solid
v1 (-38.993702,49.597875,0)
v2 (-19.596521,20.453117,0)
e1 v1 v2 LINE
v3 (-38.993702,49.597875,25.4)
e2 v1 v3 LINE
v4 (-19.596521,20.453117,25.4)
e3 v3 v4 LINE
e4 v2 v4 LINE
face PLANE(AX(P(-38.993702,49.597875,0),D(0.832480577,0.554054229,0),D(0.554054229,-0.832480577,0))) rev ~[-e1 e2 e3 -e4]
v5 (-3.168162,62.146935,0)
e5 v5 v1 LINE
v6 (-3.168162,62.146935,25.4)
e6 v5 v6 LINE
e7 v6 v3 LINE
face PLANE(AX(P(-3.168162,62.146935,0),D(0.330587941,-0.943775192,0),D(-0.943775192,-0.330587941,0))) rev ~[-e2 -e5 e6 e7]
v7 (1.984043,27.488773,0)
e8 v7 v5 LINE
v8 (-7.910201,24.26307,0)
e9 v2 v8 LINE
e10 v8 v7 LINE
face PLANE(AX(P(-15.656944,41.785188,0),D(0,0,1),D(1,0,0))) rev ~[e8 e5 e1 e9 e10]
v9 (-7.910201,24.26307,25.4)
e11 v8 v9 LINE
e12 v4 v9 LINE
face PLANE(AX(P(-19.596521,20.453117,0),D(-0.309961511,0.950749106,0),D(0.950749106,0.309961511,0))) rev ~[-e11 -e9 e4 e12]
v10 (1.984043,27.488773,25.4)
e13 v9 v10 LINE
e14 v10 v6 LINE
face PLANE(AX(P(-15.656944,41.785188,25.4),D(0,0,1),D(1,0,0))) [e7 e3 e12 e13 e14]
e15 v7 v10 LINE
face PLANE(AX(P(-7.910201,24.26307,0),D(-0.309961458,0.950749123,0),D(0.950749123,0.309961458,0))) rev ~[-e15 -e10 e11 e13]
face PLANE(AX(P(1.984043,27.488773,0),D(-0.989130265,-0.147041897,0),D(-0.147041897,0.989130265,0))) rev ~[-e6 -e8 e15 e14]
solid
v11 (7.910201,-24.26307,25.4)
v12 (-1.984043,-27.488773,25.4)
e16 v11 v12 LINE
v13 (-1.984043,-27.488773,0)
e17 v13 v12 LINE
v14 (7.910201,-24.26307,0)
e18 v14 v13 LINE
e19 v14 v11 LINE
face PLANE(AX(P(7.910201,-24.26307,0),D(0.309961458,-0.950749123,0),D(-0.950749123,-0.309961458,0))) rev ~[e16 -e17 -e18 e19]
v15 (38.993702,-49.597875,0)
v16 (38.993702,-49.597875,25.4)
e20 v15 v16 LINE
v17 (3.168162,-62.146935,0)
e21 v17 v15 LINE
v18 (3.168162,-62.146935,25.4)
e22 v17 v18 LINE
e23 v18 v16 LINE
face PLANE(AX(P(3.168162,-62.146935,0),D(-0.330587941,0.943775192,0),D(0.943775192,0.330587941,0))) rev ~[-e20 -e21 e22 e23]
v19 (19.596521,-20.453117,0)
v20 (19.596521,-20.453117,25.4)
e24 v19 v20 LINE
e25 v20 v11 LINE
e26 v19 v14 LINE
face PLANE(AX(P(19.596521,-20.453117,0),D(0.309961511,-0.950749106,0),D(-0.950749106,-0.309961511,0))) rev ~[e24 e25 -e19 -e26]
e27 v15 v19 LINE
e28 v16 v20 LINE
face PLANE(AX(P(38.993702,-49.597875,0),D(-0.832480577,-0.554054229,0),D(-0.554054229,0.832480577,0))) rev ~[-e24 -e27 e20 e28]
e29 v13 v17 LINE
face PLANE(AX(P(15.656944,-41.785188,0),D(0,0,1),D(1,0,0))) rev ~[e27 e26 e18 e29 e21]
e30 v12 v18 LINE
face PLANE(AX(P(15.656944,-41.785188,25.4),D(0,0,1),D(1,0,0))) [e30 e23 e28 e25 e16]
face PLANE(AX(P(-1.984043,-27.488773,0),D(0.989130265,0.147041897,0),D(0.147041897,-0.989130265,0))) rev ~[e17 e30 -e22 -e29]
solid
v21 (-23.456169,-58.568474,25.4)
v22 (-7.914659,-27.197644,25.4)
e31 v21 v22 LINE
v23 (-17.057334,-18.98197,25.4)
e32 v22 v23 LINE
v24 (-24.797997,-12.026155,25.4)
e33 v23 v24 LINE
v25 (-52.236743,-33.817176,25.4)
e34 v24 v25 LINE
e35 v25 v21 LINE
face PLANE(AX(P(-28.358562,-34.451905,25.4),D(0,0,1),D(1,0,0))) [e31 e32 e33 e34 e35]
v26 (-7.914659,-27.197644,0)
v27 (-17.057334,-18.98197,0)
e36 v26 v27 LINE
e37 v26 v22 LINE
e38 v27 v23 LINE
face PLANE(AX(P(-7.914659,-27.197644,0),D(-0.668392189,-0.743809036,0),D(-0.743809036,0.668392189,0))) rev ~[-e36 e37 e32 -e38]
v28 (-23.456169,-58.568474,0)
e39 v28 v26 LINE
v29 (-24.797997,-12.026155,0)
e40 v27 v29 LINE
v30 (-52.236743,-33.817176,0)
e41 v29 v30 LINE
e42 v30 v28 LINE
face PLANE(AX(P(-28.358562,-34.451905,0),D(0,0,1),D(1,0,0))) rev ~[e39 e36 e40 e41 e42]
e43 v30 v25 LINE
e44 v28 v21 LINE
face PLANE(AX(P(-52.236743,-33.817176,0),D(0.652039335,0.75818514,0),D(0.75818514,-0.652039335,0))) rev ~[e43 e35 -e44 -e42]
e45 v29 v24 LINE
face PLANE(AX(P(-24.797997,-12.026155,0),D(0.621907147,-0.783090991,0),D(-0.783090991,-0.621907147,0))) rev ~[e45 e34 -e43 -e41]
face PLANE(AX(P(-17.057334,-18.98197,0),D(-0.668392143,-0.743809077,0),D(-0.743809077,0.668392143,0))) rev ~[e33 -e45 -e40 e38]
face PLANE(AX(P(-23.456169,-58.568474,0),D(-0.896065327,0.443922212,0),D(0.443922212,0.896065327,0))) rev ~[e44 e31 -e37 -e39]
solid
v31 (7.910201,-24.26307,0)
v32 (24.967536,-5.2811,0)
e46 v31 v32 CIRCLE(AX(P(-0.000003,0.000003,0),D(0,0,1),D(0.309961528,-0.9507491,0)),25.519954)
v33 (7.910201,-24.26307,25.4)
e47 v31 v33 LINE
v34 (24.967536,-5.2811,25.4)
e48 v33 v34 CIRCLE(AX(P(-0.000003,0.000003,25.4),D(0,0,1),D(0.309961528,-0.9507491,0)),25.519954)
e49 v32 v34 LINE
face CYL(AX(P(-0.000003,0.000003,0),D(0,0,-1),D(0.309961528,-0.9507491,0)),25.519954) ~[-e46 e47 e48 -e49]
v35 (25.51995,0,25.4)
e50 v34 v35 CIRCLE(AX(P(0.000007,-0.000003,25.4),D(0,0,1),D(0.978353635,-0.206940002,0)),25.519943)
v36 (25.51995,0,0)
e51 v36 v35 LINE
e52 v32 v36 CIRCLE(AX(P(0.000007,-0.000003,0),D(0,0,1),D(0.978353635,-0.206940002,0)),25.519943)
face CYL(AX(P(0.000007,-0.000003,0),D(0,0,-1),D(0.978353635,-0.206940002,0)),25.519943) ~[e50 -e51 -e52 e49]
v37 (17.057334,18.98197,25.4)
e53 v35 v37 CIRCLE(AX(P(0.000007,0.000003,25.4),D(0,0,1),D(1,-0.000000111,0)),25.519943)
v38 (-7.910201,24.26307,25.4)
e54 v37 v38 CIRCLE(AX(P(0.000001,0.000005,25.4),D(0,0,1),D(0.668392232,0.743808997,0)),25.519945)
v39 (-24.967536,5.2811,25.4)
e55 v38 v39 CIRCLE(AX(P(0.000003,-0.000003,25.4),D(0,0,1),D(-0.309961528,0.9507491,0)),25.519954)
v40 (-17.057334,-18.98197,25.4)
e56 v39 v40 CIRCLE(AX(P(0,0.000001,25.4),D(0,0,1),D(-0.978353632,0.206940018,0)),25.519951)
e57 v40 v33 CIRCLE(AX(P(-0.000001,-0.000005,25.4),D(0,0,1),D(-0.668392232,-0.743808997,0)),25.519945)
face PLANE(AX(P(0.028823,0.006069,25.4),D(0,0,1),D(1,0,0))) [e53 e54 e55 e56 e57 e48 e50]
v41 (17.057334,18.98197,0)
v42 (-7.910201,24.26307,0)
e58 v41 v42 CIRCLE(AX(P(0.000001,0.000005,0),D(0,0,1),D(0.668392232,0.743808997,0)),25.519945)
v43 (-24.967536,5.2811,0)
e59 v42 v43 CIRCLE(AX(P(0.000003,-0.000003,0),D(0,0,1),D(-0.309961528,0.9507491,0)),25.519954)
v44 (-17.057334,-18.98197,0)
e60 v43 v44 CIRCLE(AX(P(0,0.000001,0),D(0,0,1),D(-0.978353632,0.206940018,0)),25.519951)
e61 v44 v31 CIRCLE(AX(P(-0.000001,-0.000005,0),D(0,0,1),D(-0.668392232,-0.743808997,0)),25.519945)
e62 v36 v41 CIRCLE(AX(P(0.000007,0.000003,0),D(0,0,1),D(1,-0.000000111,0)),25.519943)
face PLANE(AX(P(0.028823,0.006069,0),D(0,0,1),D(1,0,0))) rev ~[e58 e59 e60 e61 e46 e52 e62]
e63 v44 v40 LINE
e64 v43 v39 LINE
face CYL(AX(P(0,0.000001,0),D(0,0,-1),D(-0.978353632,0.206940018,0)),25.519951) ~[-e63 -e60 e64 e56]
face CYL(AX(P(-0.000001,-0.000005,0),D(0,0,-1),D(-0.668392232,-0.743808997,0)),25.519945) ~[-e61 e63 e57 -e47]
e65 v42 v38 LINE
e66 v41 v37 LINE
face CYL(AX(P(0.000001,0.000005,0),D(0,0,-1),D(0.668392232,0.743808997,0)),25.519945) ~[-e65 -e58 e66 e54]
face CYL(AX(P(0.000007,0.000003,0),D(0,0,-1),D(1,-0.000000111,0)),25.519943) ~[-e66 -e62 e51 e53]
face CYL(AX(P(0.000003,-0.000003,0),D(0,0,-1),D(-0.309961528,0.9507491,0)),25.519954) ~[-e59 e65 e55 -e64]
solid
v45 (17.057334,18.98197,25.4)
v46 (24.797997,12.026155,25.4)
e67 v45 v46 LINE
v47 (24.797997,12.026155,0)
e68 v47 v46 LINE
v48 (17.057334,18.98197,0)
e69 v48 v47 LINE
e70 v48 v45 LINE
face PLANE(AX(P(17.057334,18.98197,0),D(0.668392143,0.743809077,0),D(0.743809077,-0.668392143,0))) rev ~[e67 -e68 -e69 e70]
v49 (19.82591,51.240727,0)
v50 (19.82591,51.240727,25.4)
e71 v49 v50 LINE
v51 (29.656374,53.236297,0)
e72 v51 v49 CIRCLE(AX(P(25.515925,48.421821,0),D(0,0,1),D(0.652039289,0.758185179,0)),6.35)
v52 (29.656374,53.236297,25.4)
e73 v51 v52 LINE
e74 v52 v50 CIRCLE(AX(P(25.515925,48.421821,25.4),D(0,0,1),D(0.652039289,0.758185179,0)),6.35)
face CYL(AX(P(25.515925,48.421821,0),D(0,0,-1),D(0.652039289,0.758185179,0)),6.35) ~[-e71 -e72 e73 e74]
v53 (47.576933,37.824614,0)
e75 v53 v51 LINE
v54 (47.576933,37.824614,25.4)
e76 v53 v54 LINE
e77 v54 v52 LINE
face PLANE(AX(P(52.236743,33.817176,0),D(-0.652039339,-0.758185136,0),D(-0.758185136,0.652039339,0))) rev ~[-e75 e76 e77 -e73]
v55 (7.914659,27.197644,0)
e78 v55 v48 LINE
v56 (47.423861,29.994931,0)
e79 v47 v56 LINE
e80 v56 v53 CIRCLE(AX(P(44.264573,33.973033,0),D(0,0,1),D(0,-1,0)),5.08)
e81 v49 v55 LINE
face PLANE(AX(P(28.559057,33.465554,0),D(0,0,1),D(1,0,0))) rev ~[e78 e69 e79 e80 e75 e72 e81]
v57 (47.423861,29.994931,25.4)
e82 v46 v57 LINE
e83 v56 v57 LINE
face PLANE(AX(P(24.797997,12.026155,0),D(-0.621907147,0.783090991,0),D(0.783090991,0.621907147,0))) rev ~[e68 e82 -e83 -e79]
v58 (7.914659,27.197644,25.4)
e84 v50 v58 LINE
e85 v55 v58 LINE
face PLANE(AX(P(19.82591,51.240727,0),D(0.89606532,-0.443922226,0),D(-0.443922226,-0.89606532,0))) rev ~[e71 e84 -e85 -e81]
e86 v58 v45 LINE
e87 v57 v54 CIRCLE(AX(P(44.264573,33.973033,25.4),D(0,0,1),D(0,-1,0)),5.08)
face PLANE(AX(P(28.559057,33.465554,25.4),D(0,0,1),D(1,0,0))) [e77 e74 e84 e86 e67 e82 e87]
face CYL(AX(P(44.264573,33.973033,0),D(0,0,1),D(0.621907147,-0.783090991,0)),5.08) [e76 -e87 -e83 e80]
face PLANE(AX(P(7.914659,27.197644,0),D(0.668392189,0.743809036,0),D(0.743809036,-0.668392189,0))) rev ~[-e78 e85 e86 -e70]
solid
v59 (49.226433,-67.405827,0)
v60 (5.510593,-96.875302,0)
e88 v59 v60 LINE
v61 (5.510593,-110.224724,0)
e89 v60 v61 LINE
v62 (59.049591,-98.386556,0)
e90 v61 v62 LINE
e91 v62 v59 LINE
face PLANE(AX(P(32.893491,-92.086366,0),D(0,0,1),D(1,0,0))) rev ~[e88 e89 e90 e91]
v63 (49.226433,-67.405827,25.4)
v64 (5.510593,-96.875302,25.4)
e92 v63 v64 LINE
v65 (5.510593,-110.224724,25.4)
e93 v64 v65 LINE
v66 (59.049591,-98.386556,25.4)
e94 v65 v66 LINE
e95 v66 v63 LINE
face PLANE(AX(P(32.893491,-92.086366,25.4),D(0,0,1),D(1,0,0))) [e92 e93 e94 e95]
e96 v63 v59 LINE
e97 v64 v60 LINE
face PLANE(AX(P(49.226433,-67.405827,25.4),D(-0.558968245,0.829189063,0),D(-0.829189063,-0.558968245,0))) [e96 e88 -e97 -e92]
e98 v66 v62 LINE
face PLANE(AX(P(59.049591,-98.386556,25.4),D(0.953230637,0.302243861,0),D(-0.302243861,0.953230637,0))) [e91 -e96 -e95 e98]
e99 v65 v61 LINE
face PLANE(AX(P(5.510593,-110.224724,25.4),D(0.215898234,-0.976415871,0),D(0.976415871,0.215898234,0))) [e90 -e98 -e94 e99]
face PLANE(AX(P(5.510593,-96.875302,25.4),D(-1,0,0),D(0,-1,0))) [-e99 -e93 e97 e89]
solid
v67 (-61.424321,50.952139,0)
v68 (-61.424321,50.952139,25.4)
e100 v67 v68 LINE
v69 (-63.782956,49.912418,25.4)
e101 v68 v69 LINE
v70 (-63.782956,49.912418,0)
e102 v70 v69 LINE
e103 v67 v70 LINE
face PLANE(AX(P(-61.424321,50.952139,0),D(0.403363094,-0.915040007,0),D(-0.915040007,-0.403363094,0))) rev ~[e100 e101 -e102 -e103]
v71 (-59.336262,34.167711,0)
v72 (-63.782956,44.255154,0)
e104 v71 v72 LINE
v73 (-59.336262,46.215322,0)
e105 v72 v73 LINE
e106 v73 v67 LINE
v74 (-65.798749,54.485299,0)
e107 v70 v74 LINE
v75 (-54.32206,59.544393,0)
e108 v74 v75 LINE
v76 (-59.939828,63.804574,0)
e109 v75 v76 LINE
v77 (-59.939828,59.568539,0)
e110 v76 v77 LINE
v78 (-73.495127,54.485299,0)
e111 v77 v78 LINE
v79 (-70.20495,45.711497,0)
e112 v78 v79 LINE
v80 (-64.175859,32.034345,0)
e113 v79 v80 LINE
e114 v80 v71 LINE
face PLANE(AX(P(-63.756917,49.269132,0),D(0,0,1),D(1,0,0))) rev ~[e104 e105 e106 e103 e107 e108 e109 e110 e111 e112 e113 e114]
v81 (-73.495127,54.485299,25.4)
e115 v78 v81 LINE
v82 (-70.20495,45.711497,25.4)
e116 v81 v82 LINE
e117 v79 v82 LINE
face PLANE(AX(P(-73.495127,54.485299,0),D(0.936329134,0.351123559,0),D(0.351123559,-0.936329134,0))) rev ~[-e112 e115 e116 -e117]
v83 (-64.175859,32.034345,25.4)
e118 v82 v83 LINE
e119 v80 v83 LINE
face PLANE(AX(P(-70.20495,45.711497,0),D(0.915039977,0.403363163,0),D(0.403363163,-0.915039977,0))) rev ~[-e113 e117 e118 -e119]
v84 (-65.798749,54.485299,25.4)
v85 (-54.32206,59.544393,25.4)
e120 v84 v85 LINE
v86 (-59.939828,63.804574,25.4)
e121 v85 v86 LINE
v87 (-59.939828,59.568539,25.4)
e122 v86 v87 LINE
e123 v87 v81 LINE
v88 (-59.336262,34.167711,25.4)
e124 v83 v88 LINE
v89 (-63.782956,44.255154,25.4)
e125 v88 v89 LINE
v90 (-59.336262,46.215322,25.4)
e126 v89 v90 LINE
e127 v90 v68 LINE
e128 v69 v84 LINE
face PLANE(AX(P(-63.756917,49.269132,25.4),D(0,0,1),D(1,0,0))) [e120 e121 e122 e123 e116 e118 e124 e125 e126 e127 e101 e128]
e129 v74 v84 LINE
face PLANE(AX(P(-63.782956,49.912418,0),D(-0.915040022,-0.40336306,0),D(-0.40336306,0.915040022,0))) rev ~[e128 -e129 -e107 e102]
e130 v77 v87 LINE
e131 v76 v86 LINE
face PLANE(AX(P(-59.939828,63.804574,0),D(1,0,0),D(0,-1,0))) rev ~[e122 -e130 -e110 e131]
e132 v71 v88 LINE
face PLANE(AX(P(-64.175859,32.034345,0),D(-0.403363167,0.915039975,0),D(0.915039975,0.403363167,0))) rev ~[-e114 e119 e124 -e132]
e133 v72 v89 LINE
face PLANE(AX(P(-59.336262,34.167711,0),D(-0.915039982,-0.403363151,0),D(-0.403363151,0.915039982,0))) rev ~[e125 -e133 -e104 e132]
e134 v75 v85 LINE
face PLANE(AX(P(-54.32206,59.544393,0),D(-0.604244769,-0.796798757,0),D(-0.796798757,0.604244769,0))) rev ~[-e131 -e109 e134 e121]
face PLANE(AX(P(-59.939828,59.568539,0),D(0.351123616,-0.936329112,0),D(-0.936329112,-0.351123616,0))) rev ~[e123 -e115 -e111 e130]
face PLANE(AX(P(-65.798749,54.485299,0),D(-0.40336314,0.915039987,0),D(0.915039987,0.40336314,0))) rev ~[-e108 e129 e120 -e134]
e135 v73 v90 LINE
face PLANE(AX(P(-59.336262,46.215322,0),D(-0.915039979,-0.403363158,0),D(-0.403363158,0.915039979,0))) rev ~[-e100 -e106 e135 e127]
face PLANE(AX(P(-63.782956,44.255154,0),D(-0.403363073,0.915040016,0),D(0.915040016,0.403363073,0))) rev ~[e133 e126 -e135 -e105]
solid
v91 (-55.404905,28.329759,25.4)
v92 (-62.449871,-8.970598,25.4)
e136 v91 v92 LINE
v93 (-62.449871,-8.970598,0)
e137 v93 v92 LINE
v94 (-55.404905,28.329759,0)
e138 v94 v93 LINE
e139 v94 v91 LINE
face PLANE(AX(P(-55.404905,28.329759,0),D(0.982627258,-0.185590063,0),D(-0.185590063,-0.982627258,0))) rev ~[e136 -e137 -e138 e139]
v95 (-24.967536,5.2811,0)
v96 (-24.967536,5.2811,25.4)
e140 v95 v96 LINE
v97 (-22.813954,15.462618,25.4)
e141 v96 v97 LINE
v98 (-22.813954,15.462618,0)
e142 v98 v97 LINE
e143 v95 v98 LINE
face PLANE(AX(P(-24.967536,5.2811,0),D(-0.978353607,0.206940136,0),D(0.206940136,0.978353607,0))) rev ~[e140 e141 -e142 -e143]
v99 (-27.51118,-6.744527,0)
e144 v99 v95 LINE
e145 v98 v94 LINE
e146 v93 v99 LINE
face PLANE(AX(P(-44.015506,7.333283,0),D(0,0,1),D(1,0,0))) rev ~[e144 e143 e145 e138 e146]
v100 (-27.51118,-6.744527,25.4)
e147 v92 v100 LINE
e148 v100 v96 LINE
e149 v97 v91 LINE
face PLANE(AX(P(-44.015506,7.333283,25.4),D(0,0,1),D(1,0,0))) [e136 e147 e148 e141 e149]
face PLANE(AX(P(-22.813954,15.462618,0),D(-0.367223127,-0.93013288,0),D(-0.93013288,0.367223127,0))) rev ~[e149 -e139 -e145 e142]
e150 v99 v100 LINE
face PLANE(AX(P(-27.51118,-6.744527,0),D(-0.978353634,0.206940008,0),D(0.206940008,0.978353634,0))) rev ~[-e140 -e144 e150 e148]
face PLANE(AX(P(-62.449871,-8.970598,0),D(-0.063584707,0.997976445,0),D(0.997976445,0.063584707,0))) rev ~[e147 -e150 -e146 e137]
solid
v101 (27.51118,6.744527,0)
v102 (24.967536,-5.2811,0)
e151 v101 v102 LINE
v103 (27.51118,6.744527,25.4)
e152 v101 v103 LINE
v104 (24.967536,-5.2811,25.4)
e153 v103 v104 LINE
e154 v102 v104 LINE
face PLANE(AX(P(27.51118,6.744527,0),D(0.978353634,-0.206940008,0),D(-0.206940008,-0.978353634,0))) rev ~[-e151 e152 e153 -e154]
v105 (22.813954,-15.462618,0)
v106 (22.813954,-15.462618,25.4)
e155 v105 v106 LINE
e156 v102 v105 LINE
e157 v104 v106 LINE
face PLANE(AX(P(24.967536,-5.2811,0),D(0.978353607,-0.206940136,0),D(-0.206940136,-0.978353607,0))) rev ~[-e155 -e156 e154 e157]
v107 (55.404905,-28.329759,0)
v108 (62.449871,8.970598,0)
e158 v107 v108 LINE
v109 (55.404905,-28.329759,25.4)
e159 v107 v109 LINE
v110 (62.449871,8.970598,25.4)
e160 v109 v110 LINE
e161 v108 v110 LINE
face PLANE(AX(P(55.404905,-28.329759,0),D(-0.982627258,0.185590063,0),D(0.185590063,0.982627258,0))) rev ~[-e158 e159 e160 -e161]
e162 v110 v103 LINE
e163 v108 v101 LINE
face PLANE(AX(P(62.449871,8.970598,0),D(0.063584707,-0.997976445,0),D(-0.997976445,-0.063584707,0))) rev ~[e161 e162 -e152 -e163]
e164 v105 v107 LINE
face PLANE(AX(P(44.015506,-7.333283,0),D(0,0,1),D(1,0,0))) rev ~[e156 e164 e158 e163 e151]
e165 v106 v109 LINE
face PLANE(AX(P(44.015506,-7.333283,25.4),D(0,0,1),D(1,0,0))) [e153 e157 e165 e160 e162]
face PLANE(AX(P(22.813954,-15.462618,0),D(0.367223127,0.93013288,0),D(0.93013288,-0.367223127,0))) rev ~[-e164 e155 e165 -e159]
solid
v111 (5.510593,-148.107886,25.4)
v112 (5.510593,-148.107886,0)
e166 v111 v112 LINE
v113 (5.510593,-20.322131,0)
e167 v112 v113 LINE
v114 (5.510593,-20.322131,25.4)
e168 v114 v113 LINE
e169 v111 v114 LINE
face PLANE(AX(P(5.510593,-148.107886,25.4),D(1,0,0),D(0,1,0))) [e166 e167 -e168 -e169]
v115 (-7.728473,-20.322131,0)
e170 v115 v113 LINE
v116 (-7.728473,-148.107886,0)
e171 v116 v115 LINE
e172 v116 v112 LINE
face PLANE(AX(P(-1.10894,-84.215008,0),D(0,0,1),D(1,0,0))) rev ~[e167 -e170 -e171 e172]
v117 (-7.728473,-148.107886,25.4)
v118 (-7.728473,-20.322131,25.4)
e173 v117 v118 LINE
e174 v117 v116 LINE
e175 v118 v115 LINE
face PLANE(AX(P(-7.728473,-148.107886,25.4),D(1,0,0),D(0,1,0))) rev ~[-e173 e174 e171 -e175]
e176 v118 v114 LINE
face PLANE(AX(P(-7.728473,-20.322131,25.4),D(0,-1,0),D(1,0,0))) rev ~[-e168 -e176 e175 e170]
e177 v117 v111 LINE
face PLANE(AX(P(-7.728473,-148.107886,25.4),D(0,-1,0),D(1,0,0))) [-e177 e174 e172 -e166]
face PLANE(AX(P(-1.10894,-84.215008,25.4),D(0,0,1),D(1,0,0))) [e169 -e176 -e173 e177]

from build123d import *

# Parameters (mm, degrees)
F1_DEPTH = 25.4
F2_W     = 13.239067
F2_H     = 127.785755
F3_DEPTH = 25.4
F5_DEPTH = 25.4
F6_R     = 5.08
F8_DEPTH = 25.4


with BuildPart() as f1:
    # F0 (on Top) → F1 (new body)
    with BuildSketch(Plane.XY):
        with BuildLine():
            ThreePointArc((24.967536, -5.2811), (25.381471, -2.654956), (25.51995, 0))
            ThreePointArc((25.51995, 0), (23.308477, 10.391476), (17.057334, 18.98197))
            ThreePointArc((17.057334, 18.98197), (5.2811, 24.967536), (-7.910201, 24.26307))
            ThreePointArc((-7.910201, 24.26307), (-18.98197, 17.057334), (-24.967536, 5.2811))
            ThreePointArc((-24.967536, 5.2811), (-24.26307, -7.910201), (-17.057334, -18.98197))
            ThreePointArc((-17.057334, -18.98197), (-5.2811, -24.967536), (7.910201, -24.26307))
            ThreePointArc((7.910201, -24.26307), (18.98197, -17.057334), (24.967536, -5.2811))
        make_face()
        with BuildLine():
            Line((7.914659, 27.197644), (17.057334, 18.98197))
            Line((17.057334, 18.98197), (24.797997, 12.026155))
            Line((24.797997, 12.026155), (52.236743, 33.817176))
            Line((52.236743, 33.817176), (29.656374, 53.236297))
            ThreePointArc((29.656374, 53.236297), (24.25265, 54.644894), (19.82591, 51.240727))
            Line((19.82591, 51.240727), (7.914659, 27.197644))
        make_face()
        Polygon((-19.596521, 20.453117), (-7.910201, 24.26307), (1.984043, 27.488773), (-3.168162, 62.146935), (-38.993702, 49.597875), align=None)
        Polygon((-27.51118, -6.744527), (-24.967536, 5.2811), (-22.813954, 15.462618), (-55.404905, 28.329759), (-62.449871, -8.970598), align=None)
        Polygon((-7.914659, -27.197644), (-17.057334, -18.98197), (-24.797997, -12.026155), (-52.236743, -33.817176), (-23.456169, -58.568474), align=None)
        Polygon((19.596521, -20.453117), (7.910201, -24.26307), (-1.984043, -27.488773), (3.168162, -62.146935), (38.993702, -49.597875), align=None)
        Polygon((27.51118, 6.744527), (24.967536, -5.2811), (22.813954, -15.462618), (55.404905, -28.329759), (62.449871, 8.970598), align=None)
    extrude(amount=F1_DEPTH)

    # F6
    f6_edges = [f1.edges().sort_by_distance(p)[0] for p in [
        (52.236743, 33.817176, 12.7),
    ]]
    fillet(f6_edges, radius=F6_R)


with BuildPart() as f3:
    # F2 (on face) → F3 (new body)
    with BuildSketch(Plane.XY.offset(25.4)):
        with Locations((-1.10894, -84.215008)):
            Rectangle(F2_W, F2_H)
    extrude(amount=-F3_DEPTH)


with BuildPart() as f5:
    # F4 (on face) → F5 (new body)
    with BuildSketch(Plane.XY.offset(25.4)):
        Polygon((49.226433, -67.405827), (5.510593, -96.875302), (5.510593, -110.224724), (59.049591, -98.386556), align=None)
    extrude(amount=-F5_DEPTH)


with BuildPart() as f8:
    # F7 (on Top) → F8 (new body)
    with BuildSketch(Plane.XY):
        Polygon((-59.939828, 63.804574), (-59.939828, 59.568539), (-73.495127, 54.485299), (-70.20495, 45.711497), (-64.175859, 32.034345), (-59.336262, 34.167711), (-63.782956, 44.255154), (-59.336262, 46.215322), (-61.424321, 50.952139), (-63.782956, 49.912418), (-65.798749, 54.485299), (-54.32206, 59.544393), align=None)
    extrude(amount=F8_DEPTH)


solid = Compound([f1.part, f3.part, f5.part, f8.part])
